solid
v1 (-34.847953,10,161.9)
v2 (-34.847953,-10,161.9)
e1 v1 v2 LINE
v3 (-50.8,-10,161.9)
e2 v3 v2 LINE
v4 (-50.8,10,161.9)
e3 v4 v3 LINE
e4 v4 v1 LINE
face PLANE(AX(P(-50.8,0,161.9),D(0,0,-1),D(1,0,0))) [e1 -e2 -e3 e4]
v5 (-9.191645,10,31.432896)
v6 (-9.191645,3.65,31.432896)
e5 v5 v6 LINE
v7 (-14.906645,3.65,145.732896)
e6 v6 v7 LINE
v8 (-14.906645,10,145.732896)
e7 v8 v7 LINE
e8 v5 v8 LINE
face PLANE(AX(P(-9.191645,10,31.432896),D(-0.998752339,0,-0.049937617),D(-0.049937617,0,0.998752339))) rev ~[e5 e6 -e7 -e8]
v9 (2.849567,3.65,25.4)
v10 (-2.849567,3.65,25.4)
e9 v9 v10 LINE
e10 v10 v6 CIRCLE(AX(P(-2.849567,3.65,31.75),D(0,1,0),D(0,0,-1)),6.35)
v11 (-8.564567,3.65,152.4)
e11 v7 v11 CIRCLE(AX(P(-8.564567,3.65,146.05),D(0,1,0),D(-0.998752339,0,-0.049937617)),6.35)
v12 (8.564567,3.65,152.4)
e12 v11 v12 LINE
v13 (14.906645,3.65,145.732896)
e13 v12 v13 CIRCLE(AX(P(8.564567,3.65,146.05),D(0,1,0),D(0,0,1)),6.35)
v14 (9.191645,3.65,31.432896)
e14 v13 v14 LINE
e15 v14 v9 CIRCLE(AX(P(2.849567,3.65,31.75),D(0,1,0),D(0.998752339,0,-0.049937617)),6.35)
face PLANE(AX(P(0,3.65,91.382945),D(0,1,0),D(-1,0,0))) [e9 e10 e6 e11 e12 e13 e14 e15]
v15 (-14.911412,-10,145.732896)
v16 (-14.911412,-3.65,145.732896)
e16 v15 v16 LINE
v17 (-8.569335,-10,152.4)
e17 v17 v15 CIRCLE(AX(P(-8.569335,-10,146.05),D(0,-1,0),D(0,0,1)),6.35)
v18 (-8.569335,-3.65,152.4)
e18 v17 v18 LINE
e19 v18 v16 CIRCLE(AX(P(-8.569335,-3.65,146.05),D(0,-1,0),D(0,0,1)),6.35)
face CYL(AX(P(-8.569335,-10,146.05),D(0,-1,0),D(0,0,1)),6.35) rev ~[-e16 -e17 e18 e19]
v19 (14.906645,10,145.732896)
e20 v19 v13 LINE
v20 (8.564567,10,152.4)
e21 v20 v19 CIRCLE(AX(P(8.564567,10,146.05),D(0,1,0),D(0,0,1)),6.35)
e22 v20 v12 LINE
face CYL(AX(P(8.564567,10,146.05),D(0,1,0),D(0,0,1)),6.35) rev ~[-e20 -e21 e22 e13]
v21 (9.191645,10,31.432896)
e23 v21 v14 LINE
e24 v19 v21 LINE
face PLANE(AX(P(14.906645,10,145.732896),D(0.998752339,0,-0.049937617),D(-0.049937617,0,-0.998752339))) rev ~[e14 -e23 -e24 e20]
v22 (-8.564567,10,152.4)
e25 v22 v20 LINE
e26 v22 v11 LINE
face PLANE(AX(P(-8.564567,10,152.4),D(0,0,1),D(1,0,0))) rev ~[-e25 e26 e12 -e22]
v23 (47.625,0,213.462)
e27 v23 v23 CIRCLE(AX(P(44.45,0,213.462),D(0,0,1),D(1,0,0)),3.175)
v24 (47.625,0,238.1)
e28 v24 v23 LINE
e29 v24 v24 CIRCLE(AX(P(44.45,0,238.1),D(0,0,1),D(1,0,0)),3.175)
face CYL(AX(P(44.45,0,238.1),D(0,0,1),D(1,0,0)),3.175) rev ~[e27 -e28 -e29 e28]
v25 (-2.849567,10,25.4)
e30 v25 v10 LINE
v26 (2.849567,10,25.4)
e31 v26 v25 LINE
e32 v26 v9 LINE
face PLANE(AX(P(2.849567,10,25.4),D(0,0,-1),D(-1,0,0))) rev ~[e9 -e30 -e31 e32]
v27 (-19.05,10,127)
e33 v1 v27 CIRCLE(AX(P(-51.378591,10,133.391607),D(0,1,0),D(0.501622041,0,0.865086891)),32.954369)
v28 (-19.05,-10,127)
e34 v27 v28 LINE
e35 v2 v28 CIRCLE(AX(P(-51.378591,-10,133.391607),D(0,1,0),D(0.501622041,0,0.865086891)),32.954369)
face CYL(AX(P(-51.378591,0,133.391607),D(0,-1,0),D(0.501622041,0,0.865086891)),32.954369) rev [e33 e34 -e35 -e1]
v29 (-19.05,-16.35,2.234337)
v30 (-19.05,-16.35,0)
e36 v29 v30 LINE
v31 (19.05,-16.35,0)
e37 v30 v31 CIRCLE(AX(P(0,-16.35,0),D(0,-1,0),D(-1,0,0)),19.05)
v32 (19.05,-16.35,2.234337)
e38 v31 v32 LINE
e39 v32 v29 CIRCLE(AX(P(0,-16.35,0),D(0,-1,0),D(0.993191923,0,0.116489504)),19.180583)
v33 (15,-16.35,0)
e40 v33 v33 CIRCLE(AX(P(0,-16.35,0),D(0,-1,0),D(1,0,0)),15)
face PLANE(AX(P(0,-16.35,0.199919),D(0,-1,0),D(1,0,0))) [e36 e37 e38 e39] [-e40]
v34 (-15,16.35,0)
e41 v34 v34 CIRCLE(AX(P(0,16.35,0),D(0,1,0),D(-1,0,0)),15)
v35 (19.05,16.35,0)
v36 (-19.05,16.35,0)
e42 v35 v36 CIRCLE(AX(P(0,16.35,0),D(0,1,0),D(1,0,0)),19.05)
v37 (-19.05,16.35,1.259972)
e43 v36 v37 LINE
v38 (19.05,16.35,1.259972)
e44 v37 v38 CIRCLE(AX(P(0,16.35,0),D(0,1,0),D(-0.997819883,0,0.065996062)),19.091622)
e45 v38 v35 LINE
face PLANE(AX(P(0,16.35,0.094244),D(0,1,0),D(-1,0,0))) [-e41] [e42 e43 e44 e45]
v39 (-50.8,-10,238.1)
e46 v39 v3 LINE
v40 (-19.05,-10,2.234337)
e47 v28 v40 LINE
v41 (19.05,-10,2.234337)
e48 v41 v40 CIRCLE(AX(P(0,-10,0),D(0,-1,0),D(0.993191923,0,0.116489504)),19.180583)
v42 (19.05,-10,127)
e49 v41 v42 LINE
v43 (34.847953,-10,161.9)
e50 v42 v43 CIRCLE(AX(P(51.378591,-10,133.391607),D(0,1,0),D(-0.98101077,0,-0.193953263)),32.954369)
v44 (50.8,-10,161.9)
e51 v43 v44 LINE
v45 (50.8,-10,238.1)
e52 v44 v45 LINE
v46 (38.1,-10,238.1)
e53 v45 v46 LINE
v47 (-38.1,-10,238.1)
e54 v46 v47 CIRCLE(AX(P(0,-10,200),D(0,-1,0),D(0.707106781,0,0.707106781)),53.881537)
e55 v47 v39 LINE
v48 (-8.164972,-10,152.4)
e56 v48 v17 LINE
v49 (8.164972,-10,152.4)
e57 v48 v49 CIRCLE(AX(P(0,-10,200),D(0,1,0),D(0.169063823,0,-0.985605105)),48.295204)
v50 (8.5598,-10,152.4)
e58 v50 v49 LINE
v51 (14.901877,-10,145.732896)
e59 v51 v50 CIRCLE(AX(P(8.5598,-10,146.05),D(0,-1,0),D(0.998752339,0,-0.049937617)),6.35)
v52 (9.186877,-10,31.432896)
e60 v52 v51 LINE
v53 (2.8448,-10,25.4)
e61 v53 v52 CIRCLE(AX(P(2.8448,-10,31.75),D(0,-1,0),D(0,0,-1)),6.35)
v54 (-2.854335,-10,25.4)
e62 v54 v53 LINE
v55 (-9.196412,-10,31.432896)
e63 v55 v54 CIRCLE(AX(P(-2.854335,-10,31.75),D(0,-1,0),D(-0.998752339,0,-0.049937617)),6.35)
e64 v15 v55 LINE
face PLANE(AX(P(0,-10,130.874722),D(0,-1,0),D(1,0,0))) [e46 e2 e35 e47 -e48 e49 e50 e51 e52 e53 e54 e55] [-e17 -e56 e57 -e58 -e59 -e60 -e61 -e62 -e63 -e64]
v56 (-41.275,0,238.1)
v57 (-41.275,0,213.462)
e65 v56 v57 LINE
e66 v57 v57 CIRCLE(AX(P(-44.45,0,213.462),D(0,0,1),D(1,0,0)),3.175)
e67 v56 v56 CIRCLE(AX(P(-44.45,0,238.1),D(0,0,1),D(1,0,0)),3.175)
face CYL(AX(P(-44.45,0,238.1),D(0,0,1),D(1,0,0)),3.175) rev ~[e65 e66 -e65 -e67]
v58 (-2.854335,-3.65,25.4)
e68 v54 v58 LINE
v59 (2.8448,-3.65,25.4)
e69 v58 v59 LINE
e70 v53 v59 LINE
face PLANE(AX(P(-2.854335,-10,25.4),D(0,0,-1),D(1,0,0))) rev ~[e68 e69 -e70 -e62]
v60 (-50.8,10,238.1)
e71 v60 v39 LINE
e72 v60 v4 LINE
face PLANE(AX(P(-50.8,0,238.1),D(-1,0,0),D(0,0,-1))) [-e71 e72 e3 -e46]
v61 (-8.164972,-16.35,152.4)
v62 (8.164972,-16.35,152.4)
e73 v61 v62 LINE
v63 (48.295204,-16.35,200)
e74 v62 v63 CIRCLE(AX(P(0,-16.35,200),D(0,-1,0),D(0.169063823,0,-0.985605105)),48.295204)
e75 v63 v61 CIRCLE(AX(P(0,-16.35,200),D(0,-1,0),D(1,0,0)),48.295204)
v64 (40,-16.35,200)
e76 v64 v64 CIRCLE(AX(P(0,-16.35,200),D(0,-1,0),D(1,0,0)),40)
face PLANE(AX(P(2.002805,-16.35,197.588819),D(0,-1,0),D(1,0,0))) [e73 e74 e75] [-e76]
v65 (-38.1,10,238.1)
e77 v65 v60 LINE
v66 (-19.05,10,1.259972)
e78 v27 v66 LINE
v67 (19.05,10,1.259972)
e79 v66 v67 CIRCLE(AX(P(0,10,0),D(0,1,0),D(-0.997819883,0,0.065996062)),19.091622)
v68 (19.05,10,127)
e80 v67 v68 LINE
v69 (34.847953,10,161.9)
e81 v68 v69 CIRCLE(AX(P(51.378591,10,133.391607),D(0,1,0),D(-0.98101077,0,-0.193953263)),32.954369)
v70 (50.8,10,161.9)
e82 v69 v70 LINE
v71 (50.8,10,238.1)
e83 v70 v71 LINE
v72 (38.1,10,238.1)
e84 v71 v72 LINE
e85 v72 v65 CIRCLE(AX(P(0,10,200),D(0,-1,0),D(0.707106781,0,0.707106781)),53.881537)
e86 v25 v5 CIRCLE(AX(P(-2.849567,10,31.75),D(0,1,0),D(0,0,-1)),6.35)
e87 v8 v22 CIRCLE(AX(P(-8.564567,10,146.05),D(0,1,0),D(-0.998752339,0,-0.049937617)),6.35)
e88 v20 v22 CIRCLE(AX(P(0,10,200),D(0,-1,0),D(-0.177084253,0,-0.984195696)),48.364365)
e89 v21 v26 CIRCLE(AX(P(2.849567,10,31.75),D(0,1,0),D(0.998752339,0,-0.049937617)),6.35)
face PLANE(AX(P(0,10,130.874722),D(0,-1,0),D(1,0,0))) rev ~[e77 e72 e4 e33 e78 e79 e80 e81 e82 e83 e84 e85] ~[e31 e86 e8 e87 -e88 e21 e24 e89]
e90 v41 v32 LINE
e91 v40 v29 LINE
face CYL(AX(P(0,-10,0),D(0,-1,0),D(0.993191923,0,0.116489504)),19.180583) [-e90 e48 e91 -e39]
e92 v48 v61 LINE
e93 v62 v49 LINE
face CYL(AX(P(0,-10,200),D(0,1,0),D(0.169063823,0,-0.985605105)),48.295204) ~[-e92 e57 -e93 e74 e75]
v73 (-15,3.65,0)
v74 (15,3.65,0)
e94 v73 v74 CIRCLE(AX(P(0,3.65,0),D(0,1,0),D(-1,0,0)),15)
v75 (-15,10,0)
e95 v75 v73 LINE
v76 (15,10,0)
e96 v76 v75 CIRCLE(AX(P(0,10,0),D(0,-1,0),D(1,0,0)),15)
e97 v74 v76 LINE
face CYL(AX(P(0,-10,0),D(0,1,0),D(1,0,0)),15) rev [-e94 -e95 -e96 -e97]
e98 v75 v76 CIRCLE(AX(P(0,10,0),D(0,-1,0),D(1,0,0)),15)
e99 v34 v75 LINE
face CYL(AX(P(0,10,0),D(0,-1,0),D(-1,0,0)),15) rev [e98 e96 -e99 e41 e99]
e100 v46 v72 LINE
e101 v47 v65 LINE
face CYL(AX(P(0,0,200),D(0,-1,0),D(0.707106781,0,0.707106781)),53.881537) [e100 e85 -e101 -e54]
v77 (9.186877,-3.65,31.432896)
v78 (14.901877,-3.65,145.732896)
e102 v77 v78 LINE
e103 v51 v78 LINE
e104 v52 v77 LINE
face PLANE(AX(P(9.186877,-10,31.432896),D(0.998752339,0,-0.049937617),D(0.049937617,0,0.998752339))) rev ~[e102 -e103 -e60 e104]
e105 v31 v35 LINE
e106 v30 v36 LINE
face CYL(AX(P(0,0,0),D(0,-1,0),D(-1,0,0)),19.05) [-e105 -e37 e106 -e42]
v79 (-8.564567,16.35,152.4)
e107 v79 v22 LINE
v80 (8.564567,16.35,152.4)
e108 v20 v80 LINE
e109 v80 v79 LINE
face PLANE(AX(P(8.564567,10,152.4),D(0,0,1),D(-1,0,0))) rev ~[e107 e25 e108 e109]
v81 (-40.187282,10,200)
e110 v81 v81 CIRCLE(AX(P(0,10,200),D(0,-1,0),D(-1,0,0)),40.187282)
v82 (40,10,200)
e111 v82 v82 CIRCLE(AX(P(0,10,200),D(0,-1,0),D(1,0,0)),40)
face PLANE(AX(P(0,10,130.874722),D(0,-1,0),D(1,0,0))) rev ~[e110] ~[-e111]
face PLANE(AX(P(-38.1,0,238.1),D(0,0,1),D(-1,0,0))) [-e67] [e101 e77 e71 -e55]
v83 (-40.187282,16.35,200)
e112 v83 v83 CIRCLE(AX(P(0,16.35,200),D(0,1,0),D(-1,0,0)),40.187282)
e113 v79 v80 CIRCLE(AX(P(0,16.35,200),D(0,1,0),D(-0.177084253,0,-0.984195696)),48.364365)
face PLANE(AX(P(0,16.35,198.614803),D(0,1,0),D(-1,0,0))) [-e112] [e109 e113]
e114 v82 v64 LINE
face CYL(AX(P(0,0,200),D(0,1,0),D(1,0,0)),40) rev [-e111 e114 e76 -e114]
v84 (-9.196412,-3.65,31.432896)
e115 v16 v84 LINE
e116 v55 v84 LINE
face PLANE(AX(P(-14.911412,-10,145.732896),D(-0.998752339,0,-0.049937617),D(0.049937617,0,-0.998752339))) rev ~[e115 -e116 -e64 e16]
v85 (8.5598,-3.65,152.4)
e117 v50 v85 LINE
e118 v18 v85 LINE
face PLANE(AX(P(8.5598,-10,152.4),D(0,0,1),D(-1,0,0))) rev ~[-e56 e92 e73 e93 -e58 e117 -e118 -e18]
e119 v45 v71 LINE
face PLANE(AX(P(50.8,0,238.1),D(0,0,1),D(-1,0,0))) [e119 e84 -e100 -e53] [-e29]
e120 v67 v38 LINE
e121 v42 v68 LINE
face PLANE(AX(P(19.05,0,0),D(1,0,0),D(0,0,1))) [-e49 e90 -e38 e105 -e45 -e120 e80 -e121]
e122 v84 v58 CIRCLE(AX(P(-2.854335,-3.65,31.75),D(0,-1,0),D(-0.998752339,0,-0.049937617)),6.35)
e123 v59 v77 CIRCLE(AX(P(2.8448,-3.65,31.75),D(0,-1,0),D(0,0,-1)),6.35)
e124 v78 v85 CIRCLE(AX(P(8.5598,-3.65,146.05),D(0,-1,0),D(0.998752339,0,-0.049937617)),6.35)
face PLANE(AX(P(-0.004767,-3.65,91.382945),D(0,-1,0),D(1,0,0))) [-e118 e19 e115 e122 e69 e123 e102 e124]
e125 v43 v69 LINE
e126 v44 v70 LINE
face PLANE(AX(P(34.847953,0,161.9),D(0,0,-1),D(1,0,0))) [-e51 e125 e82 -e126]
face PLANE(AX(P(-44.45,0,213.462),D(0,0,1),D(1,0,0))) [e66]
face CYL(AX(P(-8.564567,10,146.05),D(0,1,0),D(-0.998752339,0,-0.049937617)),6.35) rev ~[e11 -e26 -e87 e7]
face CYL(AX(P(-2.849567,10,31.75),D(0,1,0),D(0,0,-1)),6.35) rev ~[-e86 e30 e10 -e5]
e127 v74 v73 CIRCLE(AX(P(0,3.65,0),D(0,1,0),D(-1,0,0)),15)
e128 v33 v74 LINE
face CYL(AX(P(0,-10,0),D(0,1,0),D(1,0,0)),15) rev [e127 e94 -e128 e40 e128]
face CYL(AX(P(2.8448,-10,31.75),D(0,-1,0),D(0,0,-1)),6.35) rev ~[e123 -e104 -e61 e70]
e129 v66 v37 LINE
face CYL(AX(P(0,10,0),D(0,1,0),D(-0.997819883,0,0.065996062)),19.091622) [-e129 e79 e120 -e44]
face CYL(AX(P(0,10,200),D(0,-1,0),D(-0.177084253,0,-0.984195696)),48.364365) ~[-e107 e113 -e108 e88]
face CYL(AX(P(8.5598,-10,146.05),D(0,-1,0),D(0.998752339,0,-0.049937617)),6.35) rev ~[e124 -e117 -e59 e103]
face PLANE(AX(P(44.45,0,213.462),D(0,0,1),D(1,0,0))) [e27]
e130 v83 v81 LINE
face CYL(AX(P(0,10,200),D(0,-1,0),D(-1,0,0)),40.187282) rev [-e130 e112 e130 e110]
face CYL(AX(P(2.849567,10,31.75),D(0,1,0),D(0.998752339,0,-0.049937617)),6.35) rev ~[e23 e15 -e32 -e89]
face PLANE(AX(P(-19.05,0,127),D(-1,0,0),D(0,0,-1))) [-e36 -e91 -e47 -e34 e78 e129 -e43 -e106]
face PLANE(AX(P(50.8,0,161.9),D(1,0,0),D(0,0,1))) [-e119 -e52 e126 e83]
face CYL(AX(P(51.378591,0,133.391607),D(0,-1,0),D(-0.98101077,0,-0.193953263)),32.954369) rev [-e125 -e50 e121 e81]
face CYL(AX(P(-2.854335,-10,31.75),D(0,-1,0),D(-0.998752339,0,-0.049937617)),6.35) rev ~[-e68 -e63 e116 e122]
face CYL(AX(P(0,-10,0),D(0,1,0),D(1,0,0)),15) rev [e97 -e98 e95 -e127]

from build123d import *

# Parameters (mm, degrees)
F0_R      = 15
F0_R_2    = 40
F1_DEPTH  = 10
F3_DEPTH  = 6.35
F5_DEPTH  = 6.35
F6_R      = 40
F6_R_2    = 15
F7_DEPTH  = 6.35
F8_R      = 40.1872824047
F8_R_2    = 15
F9_DEPTH  = 6.35
F10_R     = 3.175
F11_DEPTH = 24.638


with BuildPart() as f1:
    # F0 (on Front) → F1 (new body, symmetric)
    with BuildSketch(Plane.XZ):
        with BuildLine():
            Line((-38.1, 238.1), (-50.8, 238.1))
            Line((-50.8, 238.1), (-50.8, 161.9))
            Line((-50.8, 161.9), (-34.8479530832, 161.9))
            ThreePointArc((-34.8479530832, 161.9), (-21.3567895263, 146.9813784556), (-19.05, 127))
            Line((-19.05, 127), (-19.05, 0))
            ThreePointArc((-19.05, 0), (0, -19.05), (19.05, 0))
            Line((19.05, 0), (19.05, 127))
            ThreePointArc((19.05, 127), (21.3567895263, 146.9813784556), (34.8479530832, 161.9))
            Line((34.8479530832, 161.9), (50.8, 161.9))
            Line((50.8, 161.9), (50.8, 238.1))
            Line((50.8, 238.1), (38.1, 238.1))
            ThreePointArc((38.1, 238.1), (0, 253.8815367264), (-38.1, 238.1))
        make_face()
        Circle(F0_R, mode=Mode.SUBTRACT)
        with Locations((0, 200)):
            Circle(F0_R_2, mode=Mode.SUBTRACT)
    extrude(amount=F1_DEPTH, both=True)

    # F2 (on face) → F3 (cut)
    with BuildSketch(Plane(origin=(0, 10, 0), x_dir=(-1, 0, 0), z_dir=(0, 1, 0))):
        with BuildLine():
            Line((8.5645674547, 152.4), (-8.5645674547, 152.4))
            ThreePointArc((-8.5645674547, 152.4), (-13.165442891, 150.4265791688), (-14.9066448066, 145.7328961324))
            Line((-14.9066448066, 145.7328961324), (-9.1916448066, 31.4328961324))
            ThreePointArc((-9.1916448066, 31.4328961324), (-7.2261466235, 27.1491245638), (-2.8495674547, 25.4))
            Line((-2.8495674547, 25.4), (2.8495674547, 25.4))
            ThreePointArc((2.8495674547, 25.4), (7.2261466235, 27.1491245638), (9.1916448066, 31.4328961324))
            Line((9.1916448066, 31.4328961324), (14.9066448066, 145.7328961324))
            ThreePointArc((14.9066448066, 145.7328961324), (13.165442891, 150.4265791688), (8.5645674547, 152.4))
        make_face()
    extrude(amount=-F3_DEPTH, mode=Mode.SUBTRACT)

    # F4 (on face) → F5 (cut)
    with BuildSketch(Plane.XZ.offset(10)):
        with BuildLine():
            Line((8.5598, 152.4), (-8.5693349095, 152.4))
            ThreePointArc((-8.5693349095, 152.4), (-13.1702103457, 150.4265791688), (-14.9114122614, 145.7328961324))
            Line((-14.9114122614, 145.7328961324), (-9.1964122614, 31.4328961324))
            ThreePointArc((-9.1964122614, 31.4328961324), (-7.2309140782, 27.1491245638), (-2.8543349095, 25.4))
            Line((-2.8543349095, 25.4), (2.8448, 25.4))
            ThreePointArc((2.8448, 25.4), (7.2213791688, 27.1491245638), (9.1868773519, 31.4328961324))
            Line((9.1868773519, 31.4328961324), (14.9018773519, 145.7328961324))
            ThreePointArc((14.9018773519, 145.7328961324), (13.1606754362, 150.4265791688), (8.5598, 152.4))
        make_face()
    extrude(amount=-F5_DEPTH, mode=Mode.SUBTRACT)

    # F6 (on face) → F7 (join, symmetric)
    with BuildSketch(Plane.XZ.offset(10)):
        with BuildLine():
            ThreePointArc((8.1649718925, 152.4), (36.9239471908, 168.8704498932), (48.295204379, 200))
            ThreePointArc((48.295204379, 200), (-31.1295501068, 236.9239471908), (-8.1649718925, 152.4))
            Line((-8.1649718925, 152.4), (8.1649718925, 152.4))
        make_face()
        with Locations((0, 200)):
            Circle(F6_R, mode=Mode.SUBTRACT)
        with BuildLine():
            Line((19.05, 0), (19.05, 2.2343365964))
            ThreePointArc((19.05, 2.2343365964), (0, 19.1805828907), (-19.05, 2.2343365964))
            Line((-19.05, 2.2343365964), (-19.05, 0))
            ThreePointArc((-19.05, 0), (0, -19.05), (19.05, 0))
        make_face()
        Circle(F6_R_2, mode=Mode.SUBTRACT)
    extrude(amount=F7_DEPTH, both=True)

    # F8 (on face) → F9 (join, symmetric)
    with BuildSketch(Plane(origin=(0, 10, 0), x_dir=(-1, 0, 0), z_dir=(0, 1, 0))):
        with BuildLine():
            ThreePointArc((8.5645674547, 152.4), (37.1034478409, 168.976686605), (48.364365143, 200))
            ThreePointArc((48.364365143, 200), (-31.023313395, 237.1034478409), (-8.5645674547, 152.4))
            Line((-8.5645674547, 152.4), (8.5645674547, 152.4))
        make_face()
        with Locations((0, 200)):
            Circle(F8_R, mode=Mode.SUBTRACT)
        with BuildLine():
            Line((19.05, 0), (19.05, 1.2599718654))
            ThreePointArc((19.05, 1.2599718654), (0, 19.091621961), (-19.05, 1.2599718654))
            Line((-19.05, 1.2599718654), (-19.05, 0))
            ThreePointArc((-19.05, 0), (0, -19.05), (19.05, 0))
        make_face()
        Circle(F8_R_2, mode=Mode.SUBTRACT)
    extrude(amount=F9_DEPTH, both=True)

    # F10 (on face) → F11 (cut)
    with BuildSketch(Plane.XY.offset(238.1)):
        with Locations((-44.45, 0)):
            Circle(F10_R)
        with Locations((44.45, 0)):
            Circle(F10_R)
    extrude(amount=-F11_DEPTH, mode=Mode.SUBTRACT)


solid = f1.part
